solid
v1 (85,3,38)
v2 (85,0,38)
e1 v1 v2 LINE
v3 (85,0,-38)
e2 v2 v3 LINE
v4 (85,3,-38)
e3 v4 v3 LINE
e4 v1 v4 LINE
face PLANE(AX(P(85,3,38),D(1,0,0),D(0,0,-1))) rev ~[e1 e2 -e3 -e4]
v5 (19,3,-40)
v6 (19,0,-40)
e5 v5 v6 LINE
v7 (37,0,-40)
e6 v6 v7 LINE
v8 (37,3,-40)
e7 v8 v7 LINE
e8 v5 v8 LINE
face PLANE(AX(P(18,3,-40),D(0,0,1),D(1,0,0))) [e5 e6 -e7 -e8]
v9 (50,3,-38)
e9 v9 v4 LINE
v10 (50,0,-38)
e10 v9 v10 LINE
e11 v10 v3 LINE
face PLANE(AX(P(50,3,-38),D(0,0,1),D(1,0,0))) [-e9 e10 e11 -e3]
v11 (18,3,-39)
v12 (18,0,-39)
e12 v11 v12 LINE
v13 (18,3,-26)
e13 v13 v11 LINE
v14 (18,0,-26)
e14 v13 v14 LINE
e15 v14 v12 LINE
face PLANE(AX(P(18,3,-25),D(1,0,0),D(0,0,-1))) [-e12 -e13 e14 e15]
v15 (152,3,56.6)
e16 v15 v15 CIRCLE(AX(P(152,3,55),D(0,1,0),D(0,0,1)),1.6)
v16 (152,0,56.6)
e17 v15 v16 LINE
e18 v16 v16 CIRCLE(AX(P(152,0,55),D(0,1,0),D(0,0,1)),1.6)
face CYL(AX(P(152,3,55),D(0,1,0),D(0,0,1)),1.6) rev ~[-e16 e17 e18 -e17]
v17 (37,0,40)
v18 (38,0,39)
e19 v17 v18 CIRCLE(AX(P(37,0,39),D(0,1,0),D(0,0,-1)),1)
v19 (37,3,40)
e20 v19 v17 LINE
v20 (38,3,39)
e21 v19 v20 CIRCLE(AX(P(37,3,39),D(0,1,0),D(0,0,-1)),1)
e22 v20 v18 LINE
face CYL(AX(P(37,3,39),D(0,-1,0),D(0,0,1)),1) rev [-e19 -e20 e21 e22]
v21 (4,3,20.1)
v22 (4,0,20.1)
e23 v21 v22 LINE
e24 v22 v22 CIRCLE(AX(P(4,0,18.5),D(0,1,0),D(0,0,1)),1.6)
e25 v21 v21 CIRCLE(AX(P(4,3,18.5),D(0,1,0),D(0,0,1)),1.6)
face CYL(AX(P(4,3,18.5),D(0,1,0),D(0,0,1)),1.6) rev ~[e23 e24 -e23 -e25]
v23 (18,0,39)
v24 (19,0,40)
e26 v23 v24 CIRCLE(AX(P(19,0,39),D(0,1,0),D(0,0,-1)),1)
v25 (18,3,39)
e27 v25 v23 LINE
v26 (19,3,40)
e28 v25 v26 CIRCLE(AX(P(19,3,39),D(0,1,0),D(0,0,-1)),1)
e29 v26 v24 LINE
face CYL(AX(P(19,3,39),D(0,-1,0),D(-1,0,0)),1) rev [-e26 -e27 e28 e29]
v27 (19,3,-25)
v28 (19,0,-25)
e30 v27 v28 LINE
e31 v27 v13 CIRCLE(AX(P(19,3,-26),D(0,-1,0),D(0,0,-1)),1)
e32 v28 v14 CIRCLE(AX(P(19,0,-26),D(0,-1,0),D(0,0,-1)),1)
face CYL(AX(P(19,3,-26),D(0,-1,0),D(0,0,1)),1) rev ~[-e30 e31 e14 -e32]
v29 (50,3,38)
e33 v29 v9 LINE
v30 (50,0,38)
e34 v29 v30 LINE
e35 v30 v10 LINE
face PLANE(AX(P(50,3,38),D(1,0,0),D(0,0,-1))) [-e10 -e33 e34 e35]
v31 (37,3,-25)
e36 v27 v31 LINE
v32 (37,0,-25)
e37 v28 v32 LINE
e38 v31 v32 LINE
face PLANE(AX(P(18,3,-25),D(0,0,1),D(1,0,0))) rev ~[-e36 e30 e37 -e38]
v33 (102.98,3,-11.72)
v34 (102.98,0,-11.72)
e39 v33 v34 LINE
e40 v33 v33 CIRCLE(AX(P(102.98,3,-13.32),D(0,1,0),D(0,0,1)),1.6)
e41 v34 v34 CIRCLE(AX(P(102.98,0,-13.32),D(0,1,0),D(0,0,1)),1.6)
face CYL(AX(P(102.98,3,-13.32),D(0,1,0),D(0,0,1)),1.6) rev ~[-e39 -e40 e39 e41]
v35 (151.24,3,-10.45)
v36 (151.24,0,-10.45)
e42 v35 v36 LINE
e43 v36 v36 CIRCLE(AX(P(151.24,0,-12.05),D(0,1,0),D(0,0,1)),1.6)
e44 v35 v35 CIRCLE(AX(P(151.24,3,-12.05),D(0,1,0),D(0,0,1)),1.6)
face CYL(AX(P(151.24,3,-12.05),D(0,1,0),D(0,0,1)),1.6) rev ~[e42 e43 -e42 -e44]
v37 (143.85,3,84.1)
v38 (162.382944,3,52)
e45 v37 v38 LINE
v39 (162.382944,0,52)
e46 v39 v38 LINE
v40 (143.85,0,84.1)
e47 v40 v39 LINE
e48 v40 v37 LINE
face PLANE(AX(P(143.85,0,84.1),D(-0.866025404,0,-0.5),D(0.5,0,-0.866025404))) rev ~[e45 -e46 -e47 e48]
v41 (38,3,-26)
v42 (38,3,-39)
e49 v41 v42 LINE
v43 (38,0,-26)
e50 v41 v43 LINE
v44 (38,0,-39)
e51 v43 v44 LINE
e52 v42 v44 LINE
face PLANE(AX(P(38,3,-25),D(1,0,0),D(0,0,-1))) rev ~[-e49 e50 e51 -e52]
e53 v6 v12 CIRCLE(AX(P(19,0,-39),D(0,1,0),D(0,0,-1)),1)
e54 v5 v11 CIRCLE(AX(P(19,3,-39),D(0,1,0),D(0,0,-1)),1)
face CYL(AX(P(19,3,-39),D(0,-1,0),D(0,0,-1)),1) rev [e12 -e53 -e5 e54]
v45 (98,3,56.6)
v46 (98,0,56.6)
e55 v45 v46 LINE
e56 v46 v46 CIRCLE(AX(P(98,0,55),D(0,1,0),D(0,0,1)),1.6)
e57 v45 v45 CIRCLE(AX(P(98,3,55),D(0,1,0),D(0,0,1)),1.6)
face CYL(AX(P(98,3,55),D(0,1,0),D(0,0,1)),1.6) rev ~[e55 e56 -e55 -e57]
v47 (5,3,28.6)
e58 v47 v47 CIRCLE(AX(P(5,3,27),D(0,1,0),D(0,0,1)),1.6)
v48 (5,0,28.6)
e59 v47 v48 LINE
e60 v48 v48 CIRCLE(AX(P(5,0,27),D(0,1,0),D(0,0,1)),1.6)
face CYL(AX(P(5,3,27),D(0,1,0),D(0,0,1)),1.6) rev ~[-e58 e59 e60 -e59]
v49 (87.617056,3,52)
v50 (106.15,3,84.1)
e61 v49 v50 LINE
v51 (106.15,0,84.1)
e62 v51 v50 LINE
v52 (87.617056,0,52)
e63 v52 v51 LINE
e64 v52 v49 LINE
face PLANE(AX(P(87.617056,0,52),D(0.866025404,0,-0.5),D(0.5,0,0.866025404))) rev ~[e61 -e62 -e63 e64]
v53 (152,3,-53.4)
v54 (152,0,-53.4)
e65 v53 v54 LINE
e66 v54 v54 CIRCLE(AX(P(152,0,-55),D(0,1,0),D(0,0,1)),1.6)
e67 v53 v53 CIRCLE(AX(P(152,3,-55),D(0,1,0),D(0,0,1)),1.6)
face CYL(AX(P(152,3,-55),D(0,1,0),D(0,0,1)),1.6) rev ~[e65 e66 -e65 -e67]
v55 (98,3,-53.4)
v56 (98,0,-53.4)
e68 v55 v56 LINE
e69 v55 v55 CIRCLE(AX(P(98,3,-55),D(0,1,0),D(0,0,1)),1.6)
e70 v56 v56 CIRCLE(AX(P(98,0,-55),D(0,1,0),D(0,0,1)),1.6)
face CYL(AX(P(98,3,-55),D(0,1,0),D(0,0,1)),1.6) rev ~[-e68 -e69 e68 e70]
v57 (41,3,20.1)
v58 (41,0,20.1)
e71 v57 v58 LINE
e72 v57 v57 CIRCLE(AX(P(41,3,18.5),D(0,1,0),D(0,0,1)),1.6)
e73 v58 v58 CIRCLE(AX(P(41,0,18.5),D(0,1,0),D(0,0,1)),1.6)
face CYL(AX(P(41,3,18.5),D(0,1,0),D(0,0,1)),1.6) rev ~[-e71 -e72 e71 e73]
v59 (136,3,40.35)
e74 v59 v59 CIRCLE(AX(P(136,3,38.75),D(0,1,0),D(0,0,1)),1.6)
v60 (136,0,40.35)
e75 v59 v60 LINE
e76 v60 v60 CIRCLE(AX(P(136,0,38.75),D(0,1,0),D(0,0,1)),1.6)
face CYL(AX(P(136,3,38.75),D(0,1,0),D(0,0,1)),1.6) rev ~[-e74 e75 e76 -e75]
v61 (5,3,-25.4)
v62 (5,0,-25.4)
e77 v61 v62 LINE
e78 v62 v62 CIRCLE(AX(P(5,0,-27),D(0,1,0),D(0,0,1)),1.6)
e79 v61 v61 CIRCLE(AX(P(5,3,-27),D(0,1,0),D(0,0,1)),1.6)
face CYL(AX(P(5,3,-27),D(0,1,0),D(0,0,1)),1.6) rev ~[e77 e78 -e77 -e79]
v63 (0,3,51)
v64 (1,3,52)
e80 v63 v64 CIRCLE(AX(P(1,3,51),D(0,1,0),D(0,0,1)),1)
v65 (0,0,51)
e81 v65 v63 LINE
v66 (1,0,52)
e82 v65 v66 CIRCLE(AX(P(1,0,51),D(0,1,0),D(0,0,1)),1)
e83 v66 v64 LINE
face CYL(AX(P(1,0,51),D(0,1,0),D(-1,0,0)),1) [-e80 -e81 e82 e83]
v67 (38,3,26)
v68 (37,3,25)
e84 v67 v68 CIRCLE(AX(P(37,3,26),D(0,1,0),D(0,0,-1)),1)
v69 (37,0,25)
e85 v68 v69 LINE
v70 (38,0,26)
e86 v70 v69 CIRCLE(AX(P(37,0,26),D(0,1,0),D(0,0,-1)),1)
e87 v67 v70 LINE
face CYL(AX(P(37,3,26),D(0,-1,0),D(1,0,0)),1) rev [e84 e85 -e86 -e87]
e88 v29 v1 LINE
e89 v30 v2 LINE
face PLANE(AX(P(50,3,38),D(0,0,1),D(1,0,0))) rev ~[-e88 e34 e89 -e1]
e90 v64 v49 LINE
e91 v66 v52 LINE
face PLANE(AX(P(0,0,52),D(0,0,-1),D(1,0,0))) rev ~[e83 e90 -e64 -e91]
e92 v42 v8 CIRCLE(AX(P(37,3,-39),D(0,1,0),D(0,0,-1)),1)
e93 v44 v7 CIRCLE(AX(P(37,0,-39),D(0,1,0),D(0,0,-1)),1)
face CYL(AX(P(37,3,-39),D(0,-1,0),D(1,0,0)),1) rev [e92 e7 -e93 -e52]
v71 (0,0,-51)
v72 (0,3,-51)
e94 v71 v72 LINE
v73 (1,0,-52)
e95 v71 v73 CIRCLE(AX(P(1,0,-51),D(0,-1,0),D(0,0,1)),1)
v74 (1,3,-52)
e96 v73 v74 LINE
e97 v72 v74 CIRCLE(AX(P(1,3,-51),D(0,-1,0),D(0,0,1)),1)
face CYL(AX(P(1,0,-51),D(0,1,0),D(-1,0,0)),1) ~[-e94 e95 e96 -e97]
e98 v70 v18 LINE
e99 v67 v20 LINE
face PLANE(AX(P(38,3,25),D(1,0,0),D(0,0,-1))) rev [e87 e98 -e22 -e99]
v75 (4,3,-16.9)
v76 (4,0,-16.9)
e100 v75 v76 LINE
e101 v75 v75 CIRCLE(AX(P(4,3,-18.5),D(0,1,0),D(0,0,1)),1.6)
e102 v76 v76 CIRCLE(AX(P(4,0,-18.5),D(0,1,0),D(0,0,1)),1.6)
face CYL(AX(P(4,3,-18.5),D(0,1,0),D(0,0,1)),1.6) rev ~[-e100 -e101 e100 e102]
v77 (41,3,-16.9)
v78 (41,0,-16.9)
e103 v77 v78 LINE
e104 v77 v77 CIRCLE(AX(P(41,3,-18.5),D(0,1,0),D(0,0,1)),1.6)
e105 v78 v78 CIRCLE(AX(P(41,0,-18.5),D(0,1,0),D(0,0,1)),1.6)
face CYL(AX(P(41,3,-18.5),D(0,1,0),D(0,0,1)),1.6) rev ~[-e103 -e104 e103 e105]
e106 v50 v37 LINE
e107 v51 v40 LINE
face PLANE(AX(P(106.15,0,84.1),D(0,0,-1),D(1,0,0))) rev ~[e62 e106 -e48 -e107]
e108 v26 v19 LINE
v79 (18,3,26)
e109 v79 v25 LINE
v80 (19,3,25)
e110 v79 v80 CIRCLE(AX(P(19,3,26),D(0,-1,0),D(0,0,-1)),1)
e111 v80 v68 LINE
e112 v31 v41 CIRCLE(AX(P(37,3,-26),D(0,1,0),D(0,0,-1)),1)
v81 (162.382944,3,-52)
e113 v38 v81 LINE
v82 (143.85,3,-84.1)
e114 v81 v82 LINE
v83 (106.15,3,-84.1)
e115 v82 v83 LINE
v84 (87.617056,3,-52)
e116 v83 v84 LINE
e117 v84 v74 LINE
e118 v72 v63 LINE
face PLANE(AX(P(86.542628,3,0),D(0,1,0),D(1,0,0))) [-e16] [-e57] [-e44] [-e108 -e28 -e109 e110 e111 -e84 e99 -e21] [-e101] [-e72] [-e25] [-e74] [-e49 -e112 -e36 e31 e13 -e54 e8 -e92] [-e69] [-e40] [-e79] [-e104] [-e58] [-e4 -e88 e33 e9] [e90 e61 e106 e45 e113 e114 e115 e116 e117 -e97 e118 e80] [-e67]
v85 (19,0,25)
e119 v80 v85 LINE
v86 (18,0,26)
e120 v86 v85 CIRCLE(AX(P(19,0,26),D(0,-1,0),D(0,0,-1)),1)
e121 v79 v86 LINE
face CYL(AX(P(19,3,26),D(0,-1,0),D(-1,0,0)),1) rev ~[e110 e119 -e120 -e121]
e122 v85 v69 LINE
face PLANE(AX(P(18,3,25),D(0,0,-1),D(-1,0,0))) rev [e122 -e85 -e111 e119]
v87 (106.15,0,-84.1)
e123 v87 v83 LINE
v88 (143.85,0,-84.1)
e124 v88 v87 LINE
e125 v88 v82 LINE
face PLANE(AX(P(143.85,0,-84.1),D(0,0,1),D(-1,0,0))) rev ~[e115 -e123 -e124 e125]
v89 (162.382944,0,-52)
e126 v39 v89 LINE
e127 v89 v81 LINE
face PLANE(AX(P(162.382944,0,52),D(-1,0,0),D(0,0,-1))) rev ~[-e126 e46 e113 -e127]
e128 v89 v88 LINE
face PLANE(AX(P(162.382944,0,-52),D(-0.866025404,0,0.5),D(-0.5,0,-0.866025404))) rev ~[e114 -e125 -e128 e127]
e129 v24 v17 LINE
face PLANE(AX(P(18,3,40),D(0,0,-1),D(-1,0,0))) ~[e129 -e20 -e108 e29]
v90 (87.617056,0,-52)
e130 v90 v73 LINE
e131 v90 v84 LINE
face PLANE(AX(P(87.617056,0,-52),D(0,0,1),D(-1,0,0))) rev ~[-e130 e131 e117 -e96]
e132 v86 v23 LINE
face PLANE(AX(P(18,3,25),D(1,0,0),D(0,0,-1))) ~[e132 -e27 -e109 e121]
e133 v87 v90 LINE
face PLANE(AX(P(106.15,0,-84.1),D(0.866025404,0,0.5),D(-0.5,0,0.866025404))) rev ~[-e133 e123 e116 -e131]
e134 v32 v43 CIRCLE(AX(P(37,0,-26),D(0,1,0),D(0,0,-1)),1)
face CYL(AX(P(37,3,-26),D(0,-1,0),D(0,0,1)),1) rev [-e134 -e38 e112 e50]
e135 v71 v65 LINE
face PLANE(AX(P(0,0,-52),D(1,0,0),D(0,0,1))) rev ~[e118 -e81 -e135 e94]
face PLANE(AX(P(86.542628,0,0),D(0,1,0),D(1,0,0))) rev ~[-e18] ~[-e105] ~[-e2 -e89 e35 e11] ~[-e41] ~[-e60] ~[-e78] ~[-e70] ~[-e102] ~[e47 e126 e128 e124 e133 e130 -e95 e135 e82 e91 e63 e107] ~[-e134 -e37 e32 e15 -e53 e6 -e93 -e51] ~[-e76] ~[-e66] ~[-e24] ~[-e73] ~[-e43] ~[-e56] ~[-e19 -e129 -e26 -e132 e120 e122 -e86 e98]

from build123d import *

# Parameters (mm, degrees)
BOSS_EXTRUDE1_DEPTH                        = 3
FILLET1_R                                  = 1
SKETCH2_R                                  = 1.6
MOTOR_DRIVER_HOLES_DEPTH                   = 183.893494651
SKETCH3_W                                  = 20
SKETCH3_H                                  = 15
MOTOR_DRIVER_ROUTING_POCKET_DEPTH          = 183.893494651
MOTOR_DRIVER_ROUTING_POCKET_FILLETS_R      = 1
MOTOR_DRIVER_ROUTING_POCKET_FILLETS_OF_M_R = 1
SKETCH5_W                                  = 35
SKETCH5_H                                  = 76
BATTERY_SEAT_DEPTH                         = 183.893494651
SKETCH6_R                                  = 1.6
MICROCONTROLLER_STANDOFF_HOLES_DEPTH       = 183.893494651
SKETCH8_R                                  = 1.6
PLATE_STANDOFF_HOLES_DEPTH                 = 183.893494651


with BuildPart() as part:
    # Sketch1 → Boss-Extrude1 (new body)
    with BuildSketch(Plane(origin=(0, 0, 0), x_dir=(1, 0, 0), z_dir=(0, 1, 0))):
        Polygon((0, 52), (0, -52), (87.617056359, -52), (106.15, -84.1), (143.85, -84.1), (162.382943641, -52), (162.382943641, 52), (143.85, 84.1), (106.15, 84.1), (87.617056359, 52), align=None)
    extrude(amount=BOSS_EXTRUDE1_DEPTH)

    # Fillet1
    fillet1_edges = [part.edges().sort_by_distance(p)[0] for p in [
        (0, 1.5, 52),
        (0, 1.5, -52),
    ]]
    fillet(fillet1_edges, radius=FILLET1_R)

    # Sketch2 → Motor Driver Holes (cut, through all)
    with BuildSketch(Plane(origin=(0, 3, 0), x_dir=(1, 0, 0), z_dir=(0, 1, 0))):
        with Locations(Location((4, 18.5, 0), (0, 0, 270))):
            Circle(SKETCH2_R)
        with Locations(Location((41, 18.5, 0), (0, 0, 270))):
            Circle(SKETCH2_R)
        with Locations(Location((4, -18.5, 0), (0, 0, 270))):
            Circle(SKETCH2_R)
        with Locations(Location((41, -18.5, 0), (0, 0, 270))):
            Circle(SKETCH2_R)
    extrude(amount=-MOTOR_DRIVER_HOLES_DEPTH, mode=Mode.SUBTRACT)

    # Sketch3 → Motor Driver Routing Pocket (cut, through all)
    with BuildSketch(Plane(origin=(0, 3, 0), x_dir=(1, 0, 0), z_dir=(0, 1, 0))):
        with Locations((28, 32.5)):
            Rectangle(SKETCH3_W, SKETCH3_H)
    motor_driver_routing_pocket = extrude(amount=-MOTOR_DRIVER_ROUTING_POCKET_DEPTH, mode=Mode.SUBTRACT)

    # Motor Driver Routing Pocket Fillets
    motor_driver_routing_pocket_fillets_edges = [part.edges().sort_by_distance(p)[0] for p in [
        (38, 1.5, -40),
        (38, 1.5, -25),
        (18, 1.5, -25),
        (18, 1.5, -40),
    ]]
    fillet(motor_driver_routing_pocket_fillets_edges, radius=MOTOR_DRIVER_ROUTING_POCKET_FILLETS_R)

    # Mirror1: Motor Driver Routing Pocket across plane
    add(motor_driver_routing_pocket.mirror(Plane.XY), mode=Mode.SUBTRACT)

    # Motor Driver Routing Pocket Fillets of M
    motor_driver_routing_pocket_fillets_of_m_edges = [part.edges().sort_by_distance(p)[0] for p in [
        (38, 1.5, 40),
        (38, 1.5, 25),
        (18, 1.5, 25),
        (18, 1.5, 40),
    ]]
    fillet(motor_driver_routing_pocket_fillets_of_m_edges, radius=MOTOR_DRIVER_ROUTING_POCKET_FILLETS_OF_M_R)

    # Sketch5 → Battery Seat (cut, through all)
    with BuildSketch(Plane(origin=(0, 3, 0), x_dir=(1, 0, 0), z_dir=(0, 1, 0))):
        with Locations((67.5, 0)):
            Rectangle(SKETCH5_W, SKETCH5_H)
    extrude(amount=-BATTERY_SEAT_DEPTH, mode=Mode.SUBTRACT)

    # Sketch6 → Microcontroller Standoff Holes (cut, through all)
    with BuildSketch(Plane(origin=(0, 3, 0), x_dir=(1, 0, 0), z_dir=(0, 1, 0))):
        with Locations(Location((136, -38.75, 0), (0, 0, 270))):
            Circle(SKETCH6_R)
        with Locations(Location((151.24, 12.05, 0), (0, 0, 270))):
            Circle(SKETCH6_R)
        with Locations(Location((102.98, 13.32, 0), (0, 0, 270))):
            Circle(SKETCH6_R)
    extrude(amount=-MICROCONTROLLER_STANDOFF_HOLES_DEPTH, mode=Mode.SUBTRACT)

    # Sketch8 → Plate Standoff Holes (cut, through all)
    with BuildSketch(Plane(origin=(0, 3, 0), x_dir=(1, 0, 0), z_dir=(0, 1, 0))):
        with Locations(Location((5, 27, 0), (0, 0, 270))):
            Circle(SKETCH8_R)
        with Locations(Location((5, -27, 0), (0, 0, 270))):
            Circle(SKETCH8_R)
        with Locations(Location((98, -55, 0), (0, 0, 270))):
            Circle(SKETCH8_R)
        with Locations(Location((98, 55, 0), (0, 0, 270))):
            Circle(SKETCH8_R)
        with Locations(Location((152, -55, 0), (0, 0, 270))):
            Circle(SKETCH8_R)
        with Locations(Location((152, 55, 0), (0, 0, 270))):
            Circle(SKETCH8_R)
    extrude(amount=-PLATE_STANDOFF_HOLES_DEPTH, mode=Mode.SUBTRACT)


solid = part.part
